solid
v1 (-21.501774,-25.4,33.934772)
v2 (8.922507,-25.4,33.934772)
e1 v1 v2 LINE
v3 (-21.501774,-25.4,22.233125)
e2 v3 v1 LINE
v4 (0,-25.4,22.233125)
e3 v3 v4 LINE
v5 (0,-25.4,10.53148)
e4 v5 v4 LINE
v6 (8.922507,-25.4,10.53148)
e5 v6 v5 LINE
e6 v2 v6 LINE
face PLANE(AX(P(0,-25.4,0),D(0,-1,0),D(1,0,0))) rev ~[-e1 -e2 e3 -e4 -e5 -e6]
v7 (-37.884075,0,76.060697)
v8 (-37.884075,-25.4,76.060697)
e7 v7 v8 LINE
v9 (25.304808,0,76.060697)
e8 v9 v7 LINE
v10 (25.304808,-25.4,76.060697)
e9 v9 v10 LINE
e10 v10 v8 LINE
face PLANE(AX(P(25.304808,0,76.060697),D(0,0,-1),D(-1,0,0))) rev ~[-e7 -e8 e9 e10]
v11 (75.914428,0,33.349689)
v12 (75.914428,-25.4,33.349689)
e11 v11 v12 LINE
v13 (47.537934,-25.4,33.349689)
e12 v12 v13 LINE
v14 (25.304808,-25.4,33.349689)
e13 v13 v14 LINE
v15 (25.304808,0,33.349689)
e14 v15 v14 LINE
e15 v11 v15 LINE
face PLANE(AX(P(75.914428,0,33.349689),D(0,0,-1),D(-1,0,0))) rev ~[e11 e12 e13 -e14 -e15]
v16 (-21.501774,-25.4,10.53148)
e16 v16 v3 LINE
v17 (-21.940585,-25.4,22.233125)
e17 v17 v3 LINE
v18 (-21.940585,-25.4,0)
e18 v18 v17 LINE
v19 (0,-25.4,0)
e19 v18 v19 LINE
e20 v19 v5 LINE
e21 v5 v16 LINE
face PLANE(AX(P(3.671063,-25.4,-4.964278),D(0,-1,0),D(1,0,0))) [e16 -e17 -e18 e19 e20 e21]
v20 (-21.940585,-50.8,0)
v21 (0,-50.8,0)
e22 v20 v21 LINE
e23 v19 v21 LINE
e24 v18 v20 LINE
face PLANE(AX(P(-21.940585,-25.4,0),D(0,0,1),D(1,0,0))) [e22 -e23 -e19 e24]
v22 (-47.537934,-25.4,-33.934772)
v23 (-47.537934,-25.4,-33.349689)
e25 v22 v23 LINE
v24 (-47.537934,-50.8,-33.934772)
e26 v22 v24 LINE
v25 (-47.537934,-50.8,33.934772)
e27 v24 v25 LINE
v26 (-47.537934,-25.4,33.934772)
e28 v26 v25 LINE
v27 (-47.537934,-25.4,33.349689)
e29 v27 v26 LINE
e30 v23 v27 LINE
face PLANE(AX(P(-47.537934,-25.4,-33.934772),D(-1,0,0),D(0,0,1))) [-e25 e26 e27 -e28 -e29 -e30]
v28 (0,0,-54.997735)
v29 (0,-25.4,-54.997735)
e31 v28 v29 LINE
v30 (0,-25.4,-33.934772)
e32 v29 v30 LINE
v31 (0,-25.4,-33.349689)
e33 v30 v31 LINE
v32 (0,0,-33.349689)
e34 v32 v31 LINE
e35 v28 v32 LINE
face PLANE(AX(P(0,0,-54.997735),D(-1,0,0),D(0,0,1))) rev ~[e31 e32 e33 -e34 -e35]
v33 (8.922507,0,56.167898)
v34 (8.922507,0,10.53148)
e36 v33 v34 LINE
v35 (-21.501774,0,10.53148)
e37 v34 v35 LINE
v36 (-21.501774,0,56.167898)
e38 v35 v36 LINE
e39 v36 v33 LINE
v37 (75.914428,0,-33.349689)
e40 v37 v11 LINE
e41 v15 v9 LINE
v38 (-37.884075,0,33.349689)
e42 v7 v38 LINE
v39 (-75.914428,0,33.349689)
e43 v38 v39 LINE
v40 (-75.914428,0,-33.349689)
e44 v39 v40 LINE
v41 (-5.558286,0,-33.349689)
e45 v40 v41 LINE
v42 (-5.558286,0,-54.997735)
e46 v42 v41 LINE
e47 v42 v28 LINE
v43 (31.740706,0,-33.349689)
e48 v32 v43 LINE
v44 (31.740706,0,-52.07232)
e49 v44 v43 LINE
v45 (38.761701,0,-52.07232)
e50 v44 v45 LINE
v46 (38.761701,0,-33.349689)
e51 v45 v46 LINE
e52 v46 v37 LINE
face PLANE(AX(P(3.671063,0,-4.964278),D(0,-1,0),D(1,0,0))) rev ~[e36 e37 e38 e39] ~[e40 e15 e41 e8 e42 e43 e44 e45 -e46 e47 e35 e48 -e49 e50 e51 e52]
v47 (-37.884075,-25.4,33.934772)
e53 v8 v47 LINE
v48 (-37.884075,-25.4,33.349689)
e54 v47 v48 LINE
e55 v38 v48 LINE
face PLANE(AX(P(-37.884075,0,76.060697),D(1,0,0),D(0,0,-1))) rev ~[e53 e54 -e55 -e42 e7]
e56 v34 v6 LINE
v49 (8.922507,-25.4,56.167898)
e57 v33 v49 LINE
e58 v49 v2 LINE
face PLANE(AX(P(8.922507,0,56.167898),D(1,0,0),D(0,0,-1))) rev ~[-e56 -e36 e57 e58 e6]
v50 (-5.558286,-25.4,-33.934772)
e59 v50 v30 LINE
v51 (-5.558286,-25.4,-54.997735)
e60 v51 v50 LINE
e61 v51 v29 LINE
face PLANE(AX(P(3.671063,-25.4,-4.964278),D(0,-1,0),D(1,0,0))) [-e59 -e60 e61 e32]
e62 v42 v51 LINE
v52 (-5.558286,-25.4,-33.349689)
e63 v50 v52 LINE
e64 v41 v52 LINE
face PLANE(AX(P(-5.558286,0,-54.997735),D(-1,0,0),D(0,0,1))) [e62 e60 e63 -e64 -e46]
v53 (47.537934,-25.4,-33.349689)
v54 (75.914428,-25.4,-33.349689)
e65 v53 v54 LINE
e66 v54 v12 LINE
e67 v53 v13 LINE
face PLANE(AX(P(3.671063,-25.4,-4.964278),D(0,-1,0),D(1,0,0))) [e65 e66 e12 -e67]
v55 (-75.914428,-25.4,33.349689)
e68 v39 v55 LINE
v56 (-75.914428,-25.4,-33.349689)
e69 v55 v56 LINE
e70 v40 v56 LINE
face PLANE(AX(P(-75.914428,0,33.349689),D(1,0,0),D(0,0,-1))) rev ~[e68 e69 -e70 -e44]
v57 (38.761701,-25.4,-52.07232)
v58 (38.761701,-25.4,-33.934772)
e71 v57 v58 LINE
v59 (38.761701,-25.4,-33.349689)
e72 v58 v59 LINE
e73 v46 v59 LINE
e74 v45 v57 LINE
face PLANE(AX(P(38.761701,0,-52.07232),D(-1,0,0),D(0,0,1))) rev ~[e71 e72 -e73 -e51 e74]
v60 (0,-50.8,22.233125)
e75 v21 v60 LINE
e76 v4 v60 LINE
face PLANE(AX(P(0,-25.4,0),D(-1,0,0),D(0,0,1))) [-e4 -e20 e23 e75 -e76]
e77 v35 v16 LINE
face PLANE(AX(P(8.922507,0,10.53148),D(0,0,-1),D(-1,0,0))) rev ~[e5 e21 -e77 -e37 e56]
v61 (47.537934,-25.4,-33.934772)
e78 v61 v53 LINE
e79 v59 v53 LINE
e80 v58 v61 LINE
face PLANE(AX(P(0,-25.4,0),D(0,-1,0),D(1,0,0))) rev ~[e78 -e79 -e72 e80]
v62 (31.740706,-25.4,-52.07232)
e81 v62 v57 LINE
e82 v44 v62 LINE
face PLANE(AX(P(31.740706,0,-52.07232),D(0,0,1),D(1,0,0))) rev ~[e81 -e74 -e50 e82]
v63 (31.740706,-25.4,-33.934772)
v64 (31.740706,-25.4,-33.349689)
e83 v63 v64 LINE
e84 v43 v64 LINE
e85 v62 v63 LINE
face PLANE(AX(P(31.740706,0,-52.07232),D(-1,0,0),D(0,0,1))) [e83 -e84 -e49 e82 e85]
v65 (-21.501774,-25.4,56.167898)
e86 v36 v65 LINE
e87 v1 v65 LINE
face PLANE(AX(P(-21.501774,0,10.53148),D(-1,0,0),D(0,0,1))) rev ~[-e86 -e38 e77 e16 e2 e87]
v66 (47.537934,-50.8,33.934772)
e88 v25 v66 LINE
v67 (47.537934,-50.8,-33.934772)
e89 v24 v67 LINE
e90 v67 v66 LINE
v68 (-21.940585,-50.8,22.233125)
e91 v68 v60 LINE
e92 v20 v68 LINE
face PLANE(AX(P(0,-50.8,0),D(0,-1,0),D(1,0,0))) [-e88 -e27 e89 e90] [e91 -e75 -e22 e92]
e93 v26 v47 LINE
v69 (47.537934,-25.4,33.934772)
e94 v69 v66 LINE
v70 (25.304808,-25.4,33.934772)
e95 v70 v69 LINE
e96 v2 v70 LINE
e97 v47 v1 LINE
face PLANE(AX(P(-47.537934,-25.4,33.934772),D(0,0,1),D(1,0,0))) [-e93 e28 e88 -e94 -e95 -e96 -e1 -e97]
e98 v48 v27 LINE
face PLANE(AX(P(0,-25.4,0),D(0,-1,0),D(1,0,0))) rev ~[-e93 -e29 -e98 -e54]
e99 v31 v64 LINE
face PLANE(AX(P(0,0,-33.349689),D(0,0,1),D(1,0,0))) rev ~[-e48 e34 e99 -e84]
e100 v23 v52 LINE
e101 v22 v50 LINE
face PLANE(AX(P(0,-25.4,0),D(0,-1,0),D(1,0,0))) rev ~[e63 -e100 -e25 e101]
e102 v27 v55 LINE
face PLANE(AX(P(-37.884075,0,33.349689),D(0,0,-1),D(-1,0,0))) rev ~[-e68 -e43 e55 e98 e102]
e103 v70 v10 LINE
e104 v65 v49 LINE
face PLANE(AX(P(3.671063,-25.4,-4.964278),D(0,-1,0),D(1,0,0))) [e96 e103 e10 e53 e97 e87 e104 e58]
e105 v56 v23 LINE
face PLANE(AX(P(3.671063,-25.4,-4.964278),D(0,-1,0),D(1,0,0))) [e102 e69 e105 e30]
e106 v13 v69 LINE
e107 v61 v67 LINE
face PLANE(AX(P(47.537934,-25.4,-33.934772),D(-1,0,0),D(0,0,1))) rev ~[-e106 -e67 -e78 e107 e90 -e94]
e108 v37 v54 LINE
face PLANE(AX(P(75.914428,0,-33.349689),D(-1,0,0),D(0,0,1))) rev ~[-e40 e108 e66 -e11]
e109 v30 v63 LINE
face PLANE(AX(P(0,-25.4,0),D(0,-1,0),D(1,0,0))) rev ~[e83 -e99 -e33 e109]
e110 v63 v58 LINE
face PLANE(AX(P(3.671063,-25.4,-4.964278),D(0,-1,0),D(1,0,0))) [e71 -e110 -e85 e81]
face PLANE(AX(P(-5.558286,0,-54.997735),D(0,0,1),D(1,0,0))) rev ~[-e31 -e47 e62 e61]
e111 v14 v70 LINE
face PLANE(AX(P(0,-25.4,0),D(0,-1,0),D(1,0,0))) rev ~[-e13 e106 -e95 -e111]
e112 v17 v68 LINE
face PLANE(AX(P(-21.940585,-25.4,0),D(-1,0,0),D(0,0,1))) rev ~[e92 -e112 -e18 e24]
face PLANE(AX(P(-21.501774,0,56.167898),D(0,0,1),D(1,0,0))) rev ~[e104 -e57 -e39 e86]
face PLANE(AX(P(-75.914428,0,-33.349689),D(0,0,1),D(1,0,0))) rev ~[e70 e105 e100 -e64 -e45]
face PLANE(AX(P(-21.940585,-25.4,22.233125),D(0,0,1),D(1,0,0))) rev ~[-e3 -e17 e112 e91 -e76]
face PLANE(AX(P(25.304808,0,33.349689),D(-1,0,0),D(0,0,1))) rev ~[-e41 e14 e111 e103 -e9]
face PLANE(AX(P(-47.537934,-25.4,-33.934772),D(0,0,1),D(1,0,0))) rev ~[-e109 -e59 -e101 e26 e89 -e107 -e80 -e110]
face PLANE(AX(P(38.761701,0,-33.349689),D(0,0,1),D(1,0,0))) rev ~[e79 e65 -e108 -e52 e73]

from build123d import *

# Parameters (mm, degrees)
F0_W     = 5.5582858622
F0_H     = 21.6480456293
F0_W_2   = 7.0209950209
F0_H_2   = 43.2960875332
F0_H_3   = 18.7226310372
F1_DEPTH = 25.4
F3_W     = 95.0758680701
F3_H     = 67.8695440292
F3_W_2   = 21.9405852258
F3_H_2   = 22.2331248224
F4_DEPTH = 25.4


with BuildPart() as f1:
    # F0 (on Front) → F1 (new body)
    with BuildSketch(Plane.XZ):
        Polygon((-37.8840751946, 33.3496890962), (-75.9144276381, 33.3496890962), (-75.9144276381, -33.3496890962), (-5.5582858622, -33.3496890962), (-5.5582858622, -11.7016434669), (0, -11.7016434669), (0, -33.3496890962), (31.740706414, -33.3496890962), (31.740706414, 9.946398437), (38.7617014349, 9.946398437), (38.7617014349, -33.3496890962), (75.9144276381, -33.3496890962), (75.9144276381, 33.3496890962), (25.3048082814, 33.3496890962), (25.3048082814, -9.3613192439), (-37.8840751946, -9.3613192439), align=None)
        Polygon((-37.8840751946, 76.0606974363), (-37.8840751946, 33.3496890962), (-21.5017739683, 33.3496890962), (-21.5017739683, 56.1678977683), (8.9225070551, 56.1678977683), (8.9225070551, 33.3496890962), (25.3048082814, 33.3496890962), (25.3048082814, 76.0606974363), align=None)
        Polygon((-21.5017739683, 33.3496890962), (-37.8840751946, 33.3496890962), (-37.8840751946, -9.3613192439), (25.3048082814, -9.3613192439), (25.3048082814, 33.3496890962), (8.9225070551, 33.3496890962), (8.9225070551, 10.5314804241), (-21.5017739683, 10.5314804241), align=None)
        with Locations((-2.7791429311, -22.5256662816)):
            Rectangle(F0_W, F0_H)
        with Locations((-2.7791429311, -44.1737119108)):
            Rectangle(F0_W, F0_H)
        with Locations((35.2512039244, -11.7016453296)):
            Rectangle(F0_W_2, F0_H_2)
        with Locations((35.2512039244, -42.7110046148)):
            Rectangle(F0_W_2, F0_H_3)
    extrude(amount=F1_DEPTH)

    # F3 (on face) → F4 (join)
    with BuildSketch(Plane.XZ.offset(25.4)):
        Rectangle(F3_W, F3_H)
        with Locations((-10.9702926129, 11.1165624112)):
            Rectangle(F3_W_2, F3_H_2, mode=Mode.SUBTRACT)
    extrude(amount=F4_DEPTH)


solid = f1.part
